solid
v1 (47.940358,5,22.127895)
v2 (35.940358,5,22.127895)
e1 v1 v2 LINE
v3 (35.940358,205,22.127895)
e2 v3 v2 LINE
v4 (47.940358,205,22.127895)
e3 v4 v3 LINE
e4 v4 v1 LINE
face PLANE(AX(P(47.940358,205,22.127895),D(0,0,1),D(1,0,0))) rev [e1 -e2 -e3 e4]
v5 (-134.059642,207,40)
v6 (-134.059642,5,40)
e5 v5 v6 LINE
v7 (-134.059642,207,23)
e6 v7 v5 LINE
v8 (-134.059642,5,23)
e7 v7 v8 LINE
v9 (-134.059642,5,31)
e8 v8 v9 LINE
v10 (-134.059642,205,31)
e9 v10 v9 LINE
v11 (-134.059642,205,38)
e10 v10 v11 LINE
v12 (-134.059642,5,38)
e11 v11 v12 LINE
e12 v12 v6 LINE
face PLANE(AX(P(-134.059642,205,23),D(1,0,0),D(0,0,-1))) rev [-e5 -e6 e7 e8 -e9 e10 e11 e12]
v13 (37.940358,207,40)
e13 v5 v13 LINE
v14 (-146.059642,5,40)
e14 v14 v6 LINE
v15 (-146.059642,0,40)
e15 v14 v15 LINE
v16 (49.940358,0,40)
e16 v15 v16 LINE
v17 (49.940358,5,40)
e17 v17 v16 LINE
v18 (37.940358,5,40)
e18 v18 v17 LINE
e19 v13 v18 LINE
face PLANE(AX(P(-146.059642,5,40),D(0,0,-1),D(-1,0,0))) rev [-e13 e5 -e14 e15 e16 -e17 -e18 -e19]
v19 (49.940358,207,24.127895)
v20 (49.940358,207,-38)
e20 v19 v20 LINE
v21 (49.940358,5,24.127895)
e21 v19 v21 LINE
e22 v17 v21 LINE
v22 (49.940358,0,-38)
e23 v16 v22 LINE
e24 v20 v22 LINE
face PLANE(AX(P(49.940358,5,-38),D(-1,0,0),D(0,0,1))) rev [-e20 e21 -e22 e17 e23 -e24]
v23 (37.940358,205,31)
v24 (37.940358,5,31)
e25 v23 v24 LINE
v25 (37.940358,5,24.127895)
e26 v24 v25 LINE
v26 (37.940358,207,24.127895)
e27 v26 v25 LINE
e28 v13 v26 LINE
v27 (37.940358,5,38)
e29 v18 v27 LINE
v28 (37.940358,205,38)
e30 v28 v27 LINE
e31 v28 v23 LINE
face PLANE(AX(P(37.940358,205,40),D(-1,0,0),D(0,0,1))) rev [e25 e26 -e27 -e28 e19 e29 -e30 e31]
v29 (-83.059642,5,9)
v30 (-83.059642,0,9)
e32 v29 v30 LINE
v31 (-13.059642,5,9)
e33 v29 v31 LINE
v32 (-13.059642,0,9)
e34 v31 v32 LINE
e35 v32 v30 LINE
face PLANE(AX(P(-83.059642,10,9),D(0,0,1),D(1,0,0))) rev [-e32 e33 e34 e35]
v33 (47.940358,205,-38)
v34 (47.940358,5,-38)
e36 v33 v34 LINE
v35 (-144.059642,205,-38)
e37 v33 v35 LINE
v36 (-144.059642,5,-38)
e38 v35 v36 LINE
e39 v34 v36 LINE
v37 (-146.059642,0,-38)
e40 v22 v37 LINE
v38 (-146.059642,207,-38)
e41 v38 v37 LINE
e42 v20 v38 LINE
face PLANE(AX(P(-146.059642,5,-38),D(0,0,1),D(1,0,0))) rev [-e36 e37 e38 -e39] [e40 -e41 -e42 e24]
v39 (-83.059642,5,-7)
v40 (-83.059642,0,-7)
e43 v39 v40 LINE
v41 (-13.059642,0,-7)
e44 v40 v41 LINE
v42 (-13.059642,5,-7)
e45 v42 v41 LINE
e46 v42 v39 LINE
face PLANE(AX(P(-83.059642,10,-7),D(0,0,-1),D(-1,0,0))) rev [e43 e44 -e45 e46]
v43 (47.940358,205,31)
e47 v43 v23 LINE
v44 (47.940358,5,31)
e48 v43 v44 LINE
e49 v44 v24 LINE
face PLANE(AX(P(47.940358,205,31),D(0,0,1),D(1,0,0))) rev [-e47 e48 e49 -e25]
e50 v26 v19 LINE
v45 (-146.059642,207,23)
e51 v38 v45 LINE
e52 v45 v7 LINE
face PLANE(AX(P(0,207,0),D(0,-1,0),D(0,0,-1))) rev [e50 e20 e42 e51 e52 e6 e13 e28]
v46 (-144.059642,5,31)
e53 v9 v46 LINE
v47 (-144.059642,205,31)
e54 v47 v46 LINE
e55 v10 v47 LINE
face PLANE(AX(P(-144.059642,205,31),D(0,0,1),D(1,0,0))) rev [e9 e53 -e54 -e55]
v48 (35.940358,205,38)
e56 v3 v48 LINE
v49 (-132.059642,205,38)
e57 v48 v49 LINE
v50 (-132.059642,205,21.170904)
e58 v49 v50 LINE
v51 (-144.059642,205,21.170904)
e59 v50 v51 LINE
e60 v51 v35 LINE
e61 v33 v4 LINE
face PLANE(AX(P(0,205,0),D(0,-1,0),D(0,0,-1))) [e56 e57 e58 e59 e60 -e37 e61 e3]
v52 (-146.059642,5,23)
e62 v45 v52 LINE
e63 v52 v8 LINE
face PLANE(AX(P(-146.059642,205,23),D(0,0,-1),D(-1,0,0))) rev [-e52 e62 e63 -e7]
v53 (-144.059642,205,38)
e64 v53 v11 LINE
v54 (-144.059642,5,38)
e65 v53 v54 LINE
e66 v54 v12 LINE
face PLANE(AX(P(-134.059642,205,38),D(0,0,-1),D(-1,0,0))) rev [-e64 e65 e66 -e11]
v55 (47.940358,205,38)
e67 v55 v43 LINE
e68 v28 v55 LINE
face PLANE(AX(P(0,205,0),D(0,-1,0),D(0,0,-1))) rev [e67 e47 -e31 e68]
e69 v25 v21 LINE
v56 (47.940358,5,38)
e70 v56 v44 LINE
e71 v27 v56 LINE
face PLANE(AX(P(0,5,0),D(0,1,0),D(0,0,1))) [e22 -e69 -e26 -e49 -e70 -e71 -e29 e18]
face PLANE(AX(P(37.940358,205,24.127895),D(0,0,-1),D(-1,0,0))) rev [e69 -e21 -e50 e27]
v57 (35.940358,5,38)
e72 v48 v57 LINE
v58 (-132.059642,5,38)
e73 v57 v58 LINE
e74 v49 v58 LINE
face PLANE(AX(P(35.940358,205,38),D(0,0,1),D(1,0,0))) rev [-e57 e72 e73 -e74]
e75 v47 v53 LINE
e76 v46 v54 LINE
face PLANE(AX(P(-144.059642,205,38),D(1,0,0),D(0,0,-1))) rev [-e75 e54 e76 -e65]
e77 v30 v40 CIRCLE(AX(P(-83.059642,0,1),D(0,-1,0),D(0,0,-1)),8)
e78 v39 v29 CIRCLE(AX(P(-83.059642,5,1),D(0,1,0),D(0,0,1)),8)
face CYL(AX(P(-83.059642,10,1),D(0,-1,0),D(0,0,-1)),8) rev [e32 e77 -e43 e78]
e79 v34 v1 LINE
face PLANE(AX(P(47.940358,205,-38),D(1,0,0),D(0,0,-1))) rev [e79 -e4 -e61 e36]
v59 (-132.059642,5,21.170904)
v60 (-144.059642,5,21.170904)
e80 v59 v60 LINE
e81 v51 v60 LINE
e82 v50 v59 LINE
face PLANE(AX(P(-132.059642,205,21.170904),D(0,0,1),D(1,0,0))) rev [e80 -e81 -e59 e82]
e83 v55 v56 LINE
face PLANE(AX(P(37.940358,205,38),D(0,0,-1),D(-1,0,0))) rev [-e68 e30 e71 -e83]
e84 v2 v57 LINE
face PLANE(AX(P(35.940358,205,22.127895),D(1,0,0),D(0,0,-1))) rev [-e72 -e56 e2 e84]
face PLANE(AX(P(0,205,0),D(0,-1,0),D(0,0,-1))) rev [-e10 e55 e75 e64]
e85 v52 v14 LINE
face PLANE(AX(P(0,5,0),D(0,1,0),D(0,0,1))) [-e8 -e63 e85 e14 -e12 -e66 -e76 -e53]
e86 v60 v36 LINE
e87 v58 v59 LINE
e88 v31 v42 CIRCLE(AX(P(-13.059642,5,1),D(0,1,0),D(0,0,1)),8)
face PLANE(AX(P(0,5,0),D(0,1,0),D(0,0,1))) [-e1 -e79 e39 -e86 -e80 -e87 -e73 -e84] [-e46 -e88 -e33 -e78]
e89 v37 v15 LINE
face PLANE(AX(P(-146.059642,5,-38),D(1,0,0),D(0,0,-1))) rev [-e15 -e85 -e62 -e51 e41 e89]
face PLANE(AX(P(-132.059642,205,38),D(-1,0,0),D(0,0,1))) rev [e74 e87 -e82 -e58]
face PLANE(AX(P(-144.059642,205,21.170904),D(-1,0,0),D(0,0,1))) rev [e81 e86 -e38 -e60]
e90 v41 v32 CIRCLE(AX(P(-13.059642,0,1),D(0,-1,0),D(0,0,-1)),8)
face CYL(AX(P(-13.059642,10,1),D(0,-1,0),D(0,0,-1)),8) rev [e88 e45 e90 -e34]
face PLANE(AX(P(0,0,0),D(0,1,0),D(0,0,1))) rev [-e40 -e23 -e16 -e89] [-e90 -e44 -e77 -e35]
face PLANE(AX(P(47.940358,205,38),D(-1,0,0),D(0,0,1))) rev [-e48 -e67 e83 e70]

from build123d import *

# Parameters (mm, degrees)
CROQUIS1_W              = 196
CROQUIS1_H              = 78
SALIENTE_EXTRUIR1_DEPTH = 5
CROQUIS2_W              = 10
CROQUIS2_H              = 7
SALIENTE_EXTRUIR2_DEPTH = 200
SALIENTE_EXTRUIR3_DEPTH = 200
SALIENTE_EXTRUIR4_DEPTH = 2
CORTAR_EXTRUIR2_DEPTH   = 10


with BuildPart() as part:
    # Croquis1 → Saliente-Extruir1 (new body)
    with BuildSketch(Plane(origin=(0, 0, 0), x_dir=(1, 0, 0), z_dir=(0, 1, 0))):
        with Locations((-48.059642147, -1)):
            Rectangle(CROQUIS1_W, CROQUIS1_H)
    extrude(amount=SALIENTE_EXTRUIR1_DEPTH)

    # Croquis2 → Saliente-Extruir2 (add)
    with BuildSketch(Plane(origin=(0, 5, 0), x_dir=(1, 0, 0), z_dir=(0, 1, 0))):
        with Locations((-139.059642147, -34.5)):
            Rectangle(CROQUIS2_W, CROQUIS2_H)
        with Locations((42.940357853, -34.5)):
            Rectangle(CROQUIS2_W, CROQUIS2_H)
    extrude(amount=SALIENTE_EXTRUIR2_DEPTH)

    # Croquis4 → Saliente-Extruir3 (add)
    with BuildSketch(Plane(origin=(0, 5, 0), x_dir=(1, 0, 0), z_dir=(0, 1, 0))):
        Polygon((-146.059642147, -23), (-134.059642147, -23), (-134.059642147, -40), (37.940357853, -40), (37.940357853, -24.127895053), (49.940357853, -24.127895053), (49.940357853, 38), (47.940357853, 38), (47.940357853, -22.127895053), (35.940357853, -22.127895053), (35.940357853, -38), (-132.059642147, -38), (-132.059642147, -21.170903905), (-144.059642147, -21.170903905), (-144.059642147, 38), (-146.059642147, 38), align=None)
    extrude(amount=SALIENTE_EXTRUIR3_DEPTH)

    # Croquis5 → Saliente-Extruir4 (add)
    with BuildSketch(Plane(origin=(0, 205, 0), x_dir=(1, 0, 0), z_dir=(0, 1, 0))):
        Polygon((-146.059642147, 38), (49.940357853, 38), (49.940357853, -24.127895053), (37.940357853, -24.127895053), (37.940357853, -40), (-134.059642147, -40), (-134.059642147, -23), (-146.059642147, -23), align=None)
    extrude(amount=SALIENTE_EXTRUIR4_DEPTH)

    # Croquis6 → Cortar-Extruir2 (cut)
    with BuildSketch(Plane.XZ):
        with BuildLine():
            Line((-83.059642147, 9), (-13.059642147, 9))
            ThreePointArc((-13.059642147, 9), (-5.059642147, 1), (-13.059642147, -7))
            Line((-13.059642147, -7), (-83.059642147, -7))
            ThreePointArc((-83.059642147, -7), (-91.059642147, 1), (-83.059642147, 9))
        make_face()
    extrude(amount=-CORTAR_EXTRUIR2_DEPTH, mode=Mode.SUBTRACT)


solid = part.part
